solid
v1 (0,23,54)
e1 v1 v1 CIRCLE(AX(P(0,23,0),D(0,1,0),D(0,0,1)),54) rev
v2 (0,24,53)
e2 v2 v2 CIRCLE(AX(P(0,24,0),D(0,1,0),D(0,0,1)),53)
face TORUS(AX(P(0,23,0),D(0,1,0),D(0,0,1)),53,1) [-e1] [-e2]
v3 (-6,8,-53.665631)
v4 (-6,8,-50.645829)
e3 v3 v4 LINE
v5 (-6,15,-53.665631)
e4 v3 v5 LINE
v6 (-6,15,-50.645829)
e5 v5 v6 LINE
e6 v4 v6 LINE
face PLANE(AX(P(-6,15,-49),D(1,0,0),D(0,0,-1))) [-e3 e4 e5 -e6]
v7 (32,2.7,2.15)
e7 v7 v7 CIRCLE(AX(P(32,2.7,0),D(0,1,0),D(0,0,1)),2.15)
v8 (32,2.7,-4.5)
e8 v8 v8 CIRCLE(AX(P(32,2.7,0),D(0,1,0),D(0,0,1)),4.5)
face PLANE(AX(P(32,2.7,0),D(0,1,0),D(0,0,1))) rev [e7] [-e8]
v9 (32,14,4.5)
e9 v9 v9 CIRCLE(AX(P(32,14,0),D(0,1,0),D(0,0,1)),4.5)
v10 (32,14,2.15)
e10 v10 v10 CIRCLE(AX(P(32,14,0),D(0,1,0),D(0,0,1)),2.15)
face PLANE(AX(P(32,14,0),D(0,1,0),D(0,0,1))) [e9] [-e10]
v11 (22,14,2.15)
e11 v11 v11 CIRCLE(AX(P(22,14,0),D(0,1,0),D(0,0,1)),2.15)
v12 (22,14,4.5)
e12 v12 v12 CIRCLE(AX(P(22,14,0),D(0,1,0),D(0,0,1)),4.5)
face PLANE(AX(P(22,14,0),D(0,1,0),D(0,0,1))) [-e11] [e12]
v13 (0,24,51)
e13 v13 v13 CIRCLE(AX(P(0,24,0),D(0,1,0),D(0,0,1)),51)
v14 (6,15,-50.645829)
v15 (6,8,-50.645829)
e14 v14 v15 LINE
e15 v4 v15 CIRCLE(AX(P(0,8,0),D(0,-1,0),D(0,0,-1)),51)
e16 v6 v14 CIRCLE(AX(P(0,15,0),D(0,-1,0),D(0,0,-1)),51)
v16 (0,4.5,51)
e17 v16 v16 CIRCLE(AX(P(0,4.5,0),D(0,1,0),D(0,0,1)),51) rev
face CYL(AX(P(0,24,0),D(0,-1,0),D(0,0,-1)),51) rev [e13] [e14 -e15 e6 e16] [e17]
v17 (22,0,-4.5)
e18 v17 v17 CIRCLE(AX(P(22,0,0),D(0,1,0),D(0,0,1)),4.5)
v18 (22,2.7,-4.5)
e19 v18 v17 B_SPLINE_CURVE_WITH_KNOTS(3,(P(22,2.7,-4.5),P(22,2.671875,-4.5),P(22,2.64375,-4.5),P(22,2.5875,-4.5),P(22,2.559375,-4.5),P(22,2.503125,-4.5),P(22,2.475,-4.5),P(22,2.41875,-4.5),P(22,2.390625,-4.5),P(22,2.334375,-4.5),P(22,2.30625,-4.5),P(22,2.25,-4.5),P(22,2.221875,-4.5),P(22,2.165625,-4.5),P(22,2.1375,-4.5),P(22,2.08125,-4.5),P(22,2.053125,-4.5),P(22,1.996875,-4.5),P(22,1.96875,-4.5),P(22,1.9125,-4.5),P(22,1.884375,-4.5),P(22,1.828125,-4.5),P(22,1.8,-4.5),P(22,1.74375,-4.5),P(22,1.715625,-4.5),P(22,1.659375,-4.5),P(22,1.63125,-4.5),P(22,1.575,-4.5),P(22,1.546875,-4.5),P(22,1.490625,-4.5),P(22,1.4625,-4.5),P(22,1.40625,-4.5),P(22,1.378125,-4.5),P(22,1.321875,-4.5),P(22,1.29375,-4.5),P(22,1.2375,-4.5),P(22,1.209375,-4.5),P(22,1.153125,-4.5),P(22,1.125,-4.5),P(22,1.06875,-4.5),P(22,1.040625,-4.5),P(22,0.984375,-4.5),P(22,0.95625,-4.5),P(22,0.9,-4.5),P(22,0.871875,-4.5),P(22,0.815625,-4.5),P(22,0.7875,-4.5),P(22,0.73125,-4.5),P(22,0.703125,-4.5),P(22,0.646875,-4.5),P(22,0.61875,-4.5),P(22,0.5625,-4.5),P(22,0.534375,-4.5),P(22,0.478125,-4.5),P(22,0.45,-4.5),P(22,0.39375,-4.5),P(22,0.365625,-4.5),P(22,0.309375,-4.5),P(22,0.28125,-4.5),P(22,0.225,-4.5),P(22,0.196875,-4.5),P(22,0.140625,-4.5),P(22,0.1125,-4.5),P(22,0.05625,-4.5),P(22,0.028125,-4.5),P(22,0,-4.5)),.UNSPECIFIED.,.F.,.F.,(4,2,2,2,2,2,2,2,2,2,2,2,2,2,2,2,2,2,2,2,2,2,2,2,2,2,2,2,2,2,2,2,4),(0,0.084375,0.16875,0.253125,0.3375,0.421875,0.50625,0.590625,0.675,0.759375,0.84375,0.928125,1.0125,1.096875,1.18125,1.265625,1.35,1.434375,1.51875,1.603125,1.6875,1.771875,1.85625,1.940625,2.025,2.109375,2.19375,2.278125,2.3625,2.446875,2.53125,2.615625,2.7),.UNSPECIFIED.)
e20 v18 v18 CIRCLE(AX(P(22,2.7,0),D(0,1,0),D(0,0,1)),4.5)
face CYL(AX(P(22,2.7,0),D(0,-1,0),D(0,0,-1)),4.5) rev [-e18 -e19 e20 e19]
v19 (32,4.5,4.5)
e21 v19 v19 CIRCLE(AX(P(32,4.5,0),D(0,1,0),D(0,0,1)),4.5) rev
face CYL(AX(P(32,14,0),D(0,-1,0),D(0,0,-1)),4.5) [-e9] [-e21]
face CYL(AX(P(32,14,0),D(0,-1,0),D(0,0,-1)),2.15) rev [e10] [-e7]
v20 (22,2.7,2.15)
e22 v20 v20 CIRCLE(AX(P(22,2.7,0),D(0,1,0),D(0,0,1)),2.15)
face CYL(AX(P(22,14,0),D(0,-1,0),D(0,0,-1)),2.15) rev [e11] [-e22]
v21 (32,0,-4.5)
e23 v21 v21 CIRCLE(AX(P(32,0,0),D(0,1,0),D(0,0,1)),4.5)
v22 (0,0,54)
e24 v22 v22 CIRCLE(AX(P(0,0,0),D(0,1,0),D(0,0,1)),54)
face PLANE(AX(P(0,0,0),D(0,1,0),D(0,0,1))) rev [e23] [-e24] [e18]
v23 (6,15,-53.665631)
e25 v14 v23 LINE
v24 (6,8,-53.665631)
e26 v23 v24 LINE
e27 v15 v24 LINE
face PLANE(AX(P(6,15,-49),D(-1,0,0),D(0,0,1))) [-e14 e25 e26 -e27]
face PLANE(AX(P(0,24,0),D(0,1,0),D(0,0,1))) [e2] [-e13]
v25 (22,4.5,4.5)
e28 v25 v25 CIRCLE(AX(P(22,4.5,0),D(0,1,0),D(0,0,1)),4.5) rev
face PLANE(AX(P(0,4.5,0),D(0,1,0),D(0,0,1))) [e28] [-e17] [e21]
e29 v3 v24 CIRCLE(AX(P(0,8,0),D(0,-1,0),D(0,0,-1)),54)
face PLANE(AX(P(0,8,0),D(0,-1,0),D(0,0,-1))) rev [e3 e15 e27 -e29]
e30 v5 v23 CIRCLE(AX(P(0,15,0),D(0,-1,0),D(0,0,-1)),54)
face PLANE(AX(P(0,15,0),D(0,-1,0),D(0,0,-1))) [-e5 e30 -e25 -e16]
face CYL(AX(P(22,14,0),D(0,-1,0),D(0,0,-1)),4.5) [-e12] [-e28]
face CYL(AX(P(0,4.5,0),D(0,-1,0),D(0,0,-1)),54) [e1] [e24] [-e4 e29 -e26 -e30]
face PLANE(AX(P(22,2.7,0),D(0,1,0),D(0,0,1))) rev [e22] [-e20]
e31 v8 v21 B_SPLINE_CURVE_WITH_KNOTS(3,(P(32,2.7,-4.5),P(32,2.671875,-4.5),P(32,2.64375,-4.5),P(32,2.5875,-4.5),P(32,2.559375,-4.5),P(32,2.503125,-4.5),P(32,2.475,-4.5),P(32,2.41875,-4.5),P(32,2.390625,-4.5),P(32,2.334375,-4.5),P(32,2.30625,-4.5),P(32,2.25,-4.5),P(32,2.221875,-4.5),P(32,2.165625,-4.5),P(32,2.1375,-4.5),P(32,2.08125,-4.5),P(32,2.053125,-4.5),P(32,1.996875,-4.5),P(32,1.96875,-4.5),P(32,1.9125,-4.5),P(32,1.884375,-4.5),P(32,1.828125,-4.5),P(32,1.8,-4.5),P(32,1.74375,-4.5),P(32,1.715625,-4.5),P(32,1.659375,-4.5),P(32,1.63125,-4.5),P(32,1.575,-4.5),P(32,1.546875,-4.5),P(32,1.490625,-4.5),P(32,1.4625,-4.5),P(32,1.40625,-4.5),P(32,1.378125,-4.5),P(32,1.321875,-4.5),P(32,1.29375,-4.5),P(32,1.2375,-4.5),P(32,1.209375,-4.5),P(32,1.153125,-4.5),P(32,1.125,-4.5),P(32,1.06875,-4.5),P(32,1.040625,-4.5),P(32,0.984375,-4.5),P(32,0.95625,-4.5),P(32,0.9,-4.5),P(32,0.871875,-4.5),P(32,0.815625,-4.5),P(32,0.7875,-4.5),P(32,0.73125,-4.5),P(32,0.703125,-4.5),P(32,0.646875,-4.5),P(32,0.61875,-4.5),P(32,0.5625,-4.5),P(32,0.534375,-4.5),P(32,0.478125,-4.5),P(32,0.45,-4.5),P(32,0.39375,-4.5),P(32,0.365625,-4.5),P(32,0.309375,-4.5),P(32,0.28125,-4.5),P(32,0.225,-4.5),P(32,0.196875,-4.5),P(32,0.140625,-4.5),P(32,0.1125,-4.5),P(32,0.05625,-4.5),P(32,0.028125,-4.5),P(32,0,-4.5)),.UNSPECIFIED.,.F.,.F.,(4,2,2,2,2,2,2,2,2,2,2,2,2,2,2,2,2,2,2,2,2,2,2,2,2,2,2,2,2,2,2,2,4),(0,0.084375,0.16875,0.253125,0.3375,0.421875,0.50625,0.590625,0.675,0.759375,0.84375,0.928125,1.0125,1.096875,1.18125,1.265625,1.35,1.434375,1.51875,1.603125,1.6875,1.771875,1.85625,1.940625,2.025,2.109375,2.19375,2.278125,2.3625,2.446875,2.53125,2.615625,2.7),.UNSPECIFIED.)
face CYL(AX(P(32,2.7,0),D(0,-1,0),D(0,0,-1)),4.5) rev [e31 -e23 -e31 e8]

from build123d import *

# Parameters (mm, degrees)
SKETCH_1_R                           = 54
FLOOR_D108_T4P5_DEPTH                = 4.5
SKETCH_2_R                           = 54
SKETCH_2_R_2                         = 51
RIM_OD108_ID102_H24_DEPTH            = 24
SKETCH_3_R                           = 4.5
SENSOR_FIXED_POSTS_DEPTH             = 14
SKETCH_4_R                           = 2.15
M4_FIXED_MOUNT_CLEARANCE_DEPTH       = 14
SKETCH_5_R                           = 4.5
M4_FIXED_HEAD_RECESS_D8P2_T2P7_DEPTH = 2.7
SKETCH_6_W                           = 12
SKETCH_6_H                           = 11
USB_C_SIDE_OPENING_12X7_DEPTH        = 7
BASE_OUTER_ROUND_R1_R                = 1


with BuildPart() as part:
    # 草图1 → Floor_D108_T4p5 (new body)
    with BuildSketch(Plane(origin=(0, 0, 0), x_dir=(1, 0, 0), z_dir=(0, 1, 0))):
        with Locations(Location((0, 0, 0), (0, 0, 270))):
            Circle(SKETCH_1_R)
    extrude(amount=FLOOR_D108_T4P5_DEPTH)

    # 草图2 → Rim_OD108_ID102_H24 (add)
    with BuildSketch(Plane(origin=(0, 0, 0), x_dir=(1, 0, 0), z_dir=(0, 1, 0))):
        with Locations(Location((0, 0, 0), (0, 0, 270))):
            Circle(SKETCH_2_R)
        with Locations(Location((0, 0, 0), (0, 0, 270))):
            Circle(SKETCH_2_R_2, mode=Mode.SUBTRACT)
    extrude(amount=RIM_OD108_ID102_H24_DEPTH)

    # 草图3 → Sensor_fixed_posts (add)
    with BuildSketch(Plane(origin=(0, 0, 0), x_dir=(1, 0, 0), z_dir=(0, 1, 0))):
        with Locations(Location((22, 0, 0), (0, 0, 270))):
            Circle(SKETCH_3_R)
        with Locations(Location((32, 0, 0), (0, 0, 270))):
            Circle(SKETCH_3_R)
    extrude(amount=SENSOR_FIXED_POSTS_DEPTH)

    # 草图4 → M4_fixed_mount_clearance (cut)
    with BuildSketch(Plane(origin=(0, 0, 0), x_dir=(1, 0, 0), z_dir=(0, 1, 0))):
        with Locations(Location((22, 0, 0), (0, 0, 270))):
            Circle(SKETCH_4_R)
        with Locations(Location((32, 0, 0), (0, 0, 270))):
            Circle(SKETCH_4_R)
    extrude(amount=M4_FIXED_MOUNT_CLEARANCE_DEPTH, mode=Mode.SUBTRACT)

    # 草图5 → M4_fixed_head_recess_D8p2_T2p7 (cut)
    with BuildSketch(Plane(origin=(0, 0, 0), x_dir=(1, 0, 0), z_dir=(0, 1, 0))):
        with Locations(Location((22, 0, 0), (0, 0, 270))):
            Circle(SKETCH_5_R)
        with Locations(Location((32, 0, 0), (0, 0, 270))):
            Circle(SKETCH_5_R)
    extrude(amount=M4_FIXED_HEAD_RECESS_D8P2_T2P7_DEPTH, mode=Mode.SUBTRACT)

    # 草图6 → USB_C_side_opening_12x7 (cut)
    with BuildSketch(Plane(origin=(0, 8, 0), x_dir=(1, 0, 0), z_dir=(0, 1, 0))):
        with Locations((0, 54.5)):
            Rectangle(SKETCH_6_W, SKETCH_6_H)
    extrude(amount=USB_C_SIDE_OPENING_12X7_DEPTH, mode=Mode.SUBTRACT)

    # Base_outer_round_R1
    base_outer_round_r1_edges = [part.edges().sort_by_distance(p)[0] for p in [
        (0, 24, -54),
    ]]
    fillet(base_outer_round_r1_edges, radius=BASE_OUTER_ROUND_R1_R)


solid = part.part
